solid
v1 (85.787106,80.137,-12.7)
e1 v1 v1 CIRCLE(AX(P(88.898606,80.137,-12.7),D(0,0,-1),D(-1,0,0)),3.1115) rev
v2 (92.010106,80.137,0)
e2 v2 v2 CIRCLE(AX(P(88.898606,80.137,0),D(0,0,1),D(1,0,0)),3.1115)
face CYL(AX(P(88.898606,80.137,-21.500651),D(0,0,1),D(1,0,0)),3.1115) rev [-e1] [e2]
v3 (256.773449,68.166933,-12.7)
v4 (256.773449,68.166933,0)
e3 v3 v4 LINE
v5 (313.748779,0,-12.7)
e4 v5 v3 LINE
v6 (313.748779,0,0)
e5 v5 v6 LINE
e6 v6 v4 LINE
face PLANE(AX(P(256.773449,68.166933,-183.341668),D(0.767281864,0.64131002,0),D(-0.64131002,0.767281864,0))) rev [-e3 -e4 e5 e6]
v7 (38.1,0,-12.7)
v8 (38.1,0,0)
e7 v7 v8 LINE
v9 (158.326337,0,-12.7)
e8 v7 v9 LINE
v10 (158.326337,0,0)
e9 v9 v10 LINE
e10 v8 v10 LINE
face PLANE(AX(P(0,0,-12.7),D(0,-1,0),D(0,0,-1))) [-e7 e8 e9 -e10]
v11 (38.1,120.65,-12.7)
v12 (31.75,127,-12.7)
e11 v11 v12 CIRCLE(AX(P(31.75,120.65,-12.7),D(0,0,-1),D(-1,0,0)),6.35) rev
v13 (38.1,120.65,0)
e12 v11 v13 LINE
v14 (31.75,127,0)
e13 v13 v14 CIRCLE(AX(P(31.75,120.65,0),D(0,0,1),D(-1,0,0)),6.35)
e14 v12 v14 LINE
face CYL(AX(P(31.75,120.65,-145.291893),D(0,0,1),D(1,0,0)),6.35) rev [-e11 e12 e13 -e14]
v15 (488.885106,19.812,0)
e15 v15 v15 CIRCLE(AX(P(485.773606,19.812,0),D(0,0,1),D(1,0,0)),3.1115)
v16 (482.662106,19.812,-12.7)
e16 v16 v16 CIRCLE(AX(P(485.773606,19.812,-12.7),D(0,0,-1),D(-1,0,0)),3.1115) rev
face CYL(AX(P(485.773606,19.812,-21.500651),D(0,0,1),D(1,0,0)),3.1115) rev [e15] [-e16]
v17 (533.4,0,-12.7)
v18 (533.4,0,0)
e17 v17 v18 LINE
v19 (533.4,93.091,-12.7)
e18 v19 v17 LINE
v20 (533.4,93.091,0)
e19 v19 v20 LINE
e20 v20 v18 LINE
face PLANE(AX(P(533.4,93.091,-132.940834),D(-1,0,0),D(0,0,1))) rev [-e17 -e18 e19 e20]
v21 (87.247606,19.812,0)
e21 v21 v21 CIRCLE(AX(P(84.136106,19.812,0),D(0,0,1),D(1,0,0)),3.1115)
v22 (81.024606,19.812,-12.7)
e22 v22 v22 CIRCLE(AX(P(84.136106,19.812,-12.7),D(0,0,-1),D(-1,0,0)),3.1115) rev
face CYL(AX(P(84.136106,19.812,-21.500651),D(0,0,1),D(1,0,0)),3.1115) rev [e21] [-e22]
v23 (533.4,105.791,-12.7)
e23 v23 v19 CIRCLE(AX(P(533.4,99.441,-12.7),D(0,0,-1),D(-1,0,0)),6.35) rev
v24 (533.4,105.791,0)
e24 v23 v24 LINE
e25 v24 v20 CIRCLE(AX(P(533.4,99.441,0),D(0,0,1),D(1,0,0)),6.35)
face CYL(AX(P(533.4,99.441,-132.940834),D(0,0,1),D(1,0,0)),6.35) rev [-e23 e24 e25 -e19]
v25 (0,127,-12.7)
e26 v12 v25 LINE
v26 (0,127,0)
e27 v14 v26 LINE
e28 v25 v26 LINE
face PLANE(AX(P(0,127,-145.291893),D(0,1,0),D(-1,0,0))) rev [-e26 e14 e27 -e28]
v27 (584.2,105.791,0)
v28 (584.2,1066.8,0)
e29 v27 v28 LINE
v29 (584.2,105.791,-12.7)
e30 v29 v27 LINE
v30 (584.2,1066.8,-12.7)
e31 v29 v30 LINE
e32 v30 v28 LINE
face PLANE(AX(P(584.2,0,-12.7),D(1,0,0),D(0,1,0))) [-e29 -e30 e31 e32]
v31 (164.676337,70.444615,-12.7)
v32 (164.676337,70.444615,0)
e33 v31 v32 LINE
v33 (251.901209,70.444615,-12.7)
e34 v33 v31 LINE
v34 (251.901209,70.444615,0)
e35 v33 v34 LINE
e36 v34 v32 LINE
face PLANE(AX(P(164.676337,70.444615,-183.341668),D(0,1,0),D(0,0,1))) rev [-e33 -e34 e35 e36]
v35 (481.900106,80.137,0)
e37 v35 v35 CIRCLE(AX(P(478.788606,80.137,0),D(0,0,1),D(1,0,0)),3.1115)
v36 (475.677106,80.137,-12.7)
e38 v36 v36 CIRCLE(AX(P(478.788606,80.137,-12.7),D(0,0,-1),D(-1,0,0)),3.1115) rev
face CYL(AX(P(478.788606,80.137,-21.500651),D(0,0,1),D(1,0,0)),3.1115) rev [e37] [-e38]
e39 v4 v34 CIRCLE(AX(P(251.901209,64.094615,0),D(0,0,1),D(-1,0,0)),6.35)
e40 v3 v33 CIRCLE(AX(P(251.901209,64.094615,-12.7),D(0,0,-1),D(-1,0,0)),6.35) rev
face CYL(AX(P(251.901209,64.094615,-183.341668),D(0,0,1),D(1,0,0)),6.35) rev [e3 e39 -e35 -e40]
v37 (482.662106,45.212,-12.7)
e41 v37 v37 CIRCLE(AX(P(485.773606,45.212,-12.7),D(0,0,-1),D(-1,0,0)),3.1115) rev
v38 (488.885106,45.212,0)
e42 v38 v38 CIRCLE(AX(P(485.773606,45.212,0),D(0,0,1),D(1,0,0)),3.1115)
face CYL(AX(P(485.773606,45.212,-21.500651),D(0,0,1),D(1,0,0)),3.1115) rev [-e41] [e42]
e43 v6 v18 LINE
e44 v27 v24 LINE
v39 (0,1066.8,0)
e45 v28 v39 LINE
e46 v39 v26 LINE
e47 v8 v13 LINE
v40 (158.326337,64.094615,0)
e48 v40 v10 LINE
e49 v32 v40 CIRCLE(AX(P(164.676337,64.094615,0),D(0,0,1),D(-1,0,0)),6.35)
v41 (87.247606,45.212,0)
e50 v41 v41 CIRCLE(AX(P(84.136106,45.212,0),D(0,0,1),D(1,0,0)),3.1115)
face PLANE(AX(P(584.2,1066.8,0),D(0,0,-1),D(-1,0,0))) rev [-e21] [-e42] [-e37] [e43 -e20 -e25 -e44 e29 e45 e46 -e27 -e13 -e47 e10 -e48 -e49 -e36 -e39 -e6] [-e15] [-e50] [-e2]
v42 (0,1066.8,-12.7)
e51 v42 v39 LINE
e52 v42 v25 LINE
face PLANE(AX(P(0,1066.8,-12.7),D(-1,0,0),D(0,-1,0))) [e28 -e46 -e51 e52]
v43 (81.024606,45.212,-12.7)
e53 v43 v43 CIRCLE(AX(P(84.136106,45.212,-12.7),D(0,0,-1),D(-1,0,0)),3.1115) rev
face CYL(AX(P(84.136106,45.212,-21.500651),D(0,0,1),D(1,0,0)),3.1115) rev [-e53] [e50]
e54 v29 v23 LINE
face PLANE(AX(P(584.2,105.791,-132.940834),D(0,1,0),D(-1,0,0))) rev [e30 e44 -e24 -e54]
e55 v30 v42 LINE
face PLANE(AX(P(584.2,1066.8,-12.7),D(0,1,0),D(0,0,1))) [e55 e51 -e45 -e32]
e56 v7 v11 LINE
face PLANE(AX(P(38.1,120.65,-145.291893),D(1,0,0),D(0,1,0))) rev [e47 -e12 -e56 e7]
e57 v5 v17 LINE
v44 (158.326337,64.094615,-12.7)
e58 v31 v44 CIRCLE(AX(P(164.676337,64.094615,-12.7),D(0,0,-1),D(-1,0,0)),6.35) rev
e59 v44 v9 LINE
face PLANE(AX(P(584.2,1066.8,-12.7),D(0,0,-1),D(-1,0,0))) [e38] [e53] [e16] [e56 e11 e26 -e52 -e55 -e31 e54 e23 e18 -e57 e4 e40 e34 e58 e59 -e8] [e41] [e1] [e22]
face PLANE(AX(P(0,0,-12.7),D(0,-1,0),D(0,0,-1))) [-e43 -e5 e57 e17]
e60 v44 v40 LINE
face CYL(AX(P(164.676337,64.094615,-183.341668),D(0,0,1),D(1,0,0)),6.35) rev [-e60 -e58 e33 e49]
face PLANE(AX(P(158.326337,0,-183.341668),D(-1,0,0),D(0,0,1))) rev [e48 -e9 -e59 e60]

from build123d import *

# Parameters (mm, degrees)
PLAYFIELD_BLANK_W         = 584.2
PLAYFIELD_BLANK_H         = 1066.8
PLAYFIELD_THICKNESS_DEPTH = 12.7
SKETCH3_R                 = 3.1115
CUT_EXTRUDE1_DEPTH        = 12.7
CUT_EXTRUDE2_DEPTH        = 12.7
CUT_EXTRUDE3_DEPTH        = 12.7
CUT_EXTRUDE4_DEPTH        = 12.7


with BuildPart() as part:
    # Playfield_Blank → Playfield_Thickness (new body)
    with BuildSketch(Plane.XY):
        with Locations((292.1, 533.4)):
            Rectangle(PLAYFIELD_BLANK_W, PLAYFIELD_BLANK_H)
    extrude(amount=-PLAYFIELD_THICKNESS_DEPTH)

    # Sketch3 → Cut-Extrude1 (cut)
    with BuildSketch(Plane.XY):
        with Locations((84.136105728, 19.812)):
            Circle(SKETCH3_R)
        with Locations((84.136105728, 45.212)):
            Circle(SKETCH3_R)
        with Locations((88.898605728, 80.137)):
            Circle(SKETCH3_R)
        with Locations((485.773605728, 19.812)):
            Circle(SKETCH3_R)
        with Locations((485.773605728, 45.212)):
            Circle(SKETCH3_R)
        with Locations((478.788605728, 80.137)):
            Circle(SKETCH3_R)
    extrude(amount=-CUT_EXTRUDE1_DEPTH, mode=Mode.SUBTRACT)

    # Sketch4 → Cut-Extrude2 (cut)
    with BuildSketch(Plane.XY):
        with BuildLine():
            Line((0, 127), (31.75, 127))
            ThreePointArc((31.75, 127), (36.240128061, 125.140128061), (38.1, 120.65))
            Line((38.1, 120.65), (38.1, 0))
            Line((38.1, 0), (0, 0))
            Line((0, 0), (0, 127))
        make_face()
    extrude(amount=-CUT_EXTRUDE2_DEPTH, mode=Mode.SUBTRACT)

    # Sketch5 → Cut-Extrude3 (cut)
    with BuildSketch(Plane.XY):
        with BuildLine():
            Line((584.2, 105.791), (533.4, 105.791))
            ThreePointArc((533.4, 105.791), (527.05, 99.441), (533.4, 93.091))
            Line((533.4, 93.091), (533.4, 0))
            Line((533.4, 0), (584.2, 0))
            Line((584.2, 0), (584.2, 105.791))
        make_face()
    extrude(amount=-CUT_EXTRUDE3_DEPTH, mode=Mode.SUBTRACT)

    # Sketch7 → Cut-Extrude4 (cut)
    with BuildSketch(Plane.XY):
        with BuildLine():
            Line((158.326337108, 0), (158.326337108, 64.094614523))
            ThreePointArc((158.326337108, 64.094614523), (160.186209048, 68.584742584), (164.676337108, 70.444614523))
            Line((164.676337108, 70.444614523), (251.90120893, 70.444614523))
            ThreePointArc((251.90120893, 70.444614523), (254.5903795, 69.847080224), (256.773448763, 68.16693315))
            Line((256.773448763, 68.16693315), (313.748778564, 0))
            Line((313.748778564, 0), (158.326337108, 0))
        make_face()
    extrude(amount=-CUT_EXTRUDE4_DEPTH, mode=Mode.SUBTRACT)


solid = part.part
